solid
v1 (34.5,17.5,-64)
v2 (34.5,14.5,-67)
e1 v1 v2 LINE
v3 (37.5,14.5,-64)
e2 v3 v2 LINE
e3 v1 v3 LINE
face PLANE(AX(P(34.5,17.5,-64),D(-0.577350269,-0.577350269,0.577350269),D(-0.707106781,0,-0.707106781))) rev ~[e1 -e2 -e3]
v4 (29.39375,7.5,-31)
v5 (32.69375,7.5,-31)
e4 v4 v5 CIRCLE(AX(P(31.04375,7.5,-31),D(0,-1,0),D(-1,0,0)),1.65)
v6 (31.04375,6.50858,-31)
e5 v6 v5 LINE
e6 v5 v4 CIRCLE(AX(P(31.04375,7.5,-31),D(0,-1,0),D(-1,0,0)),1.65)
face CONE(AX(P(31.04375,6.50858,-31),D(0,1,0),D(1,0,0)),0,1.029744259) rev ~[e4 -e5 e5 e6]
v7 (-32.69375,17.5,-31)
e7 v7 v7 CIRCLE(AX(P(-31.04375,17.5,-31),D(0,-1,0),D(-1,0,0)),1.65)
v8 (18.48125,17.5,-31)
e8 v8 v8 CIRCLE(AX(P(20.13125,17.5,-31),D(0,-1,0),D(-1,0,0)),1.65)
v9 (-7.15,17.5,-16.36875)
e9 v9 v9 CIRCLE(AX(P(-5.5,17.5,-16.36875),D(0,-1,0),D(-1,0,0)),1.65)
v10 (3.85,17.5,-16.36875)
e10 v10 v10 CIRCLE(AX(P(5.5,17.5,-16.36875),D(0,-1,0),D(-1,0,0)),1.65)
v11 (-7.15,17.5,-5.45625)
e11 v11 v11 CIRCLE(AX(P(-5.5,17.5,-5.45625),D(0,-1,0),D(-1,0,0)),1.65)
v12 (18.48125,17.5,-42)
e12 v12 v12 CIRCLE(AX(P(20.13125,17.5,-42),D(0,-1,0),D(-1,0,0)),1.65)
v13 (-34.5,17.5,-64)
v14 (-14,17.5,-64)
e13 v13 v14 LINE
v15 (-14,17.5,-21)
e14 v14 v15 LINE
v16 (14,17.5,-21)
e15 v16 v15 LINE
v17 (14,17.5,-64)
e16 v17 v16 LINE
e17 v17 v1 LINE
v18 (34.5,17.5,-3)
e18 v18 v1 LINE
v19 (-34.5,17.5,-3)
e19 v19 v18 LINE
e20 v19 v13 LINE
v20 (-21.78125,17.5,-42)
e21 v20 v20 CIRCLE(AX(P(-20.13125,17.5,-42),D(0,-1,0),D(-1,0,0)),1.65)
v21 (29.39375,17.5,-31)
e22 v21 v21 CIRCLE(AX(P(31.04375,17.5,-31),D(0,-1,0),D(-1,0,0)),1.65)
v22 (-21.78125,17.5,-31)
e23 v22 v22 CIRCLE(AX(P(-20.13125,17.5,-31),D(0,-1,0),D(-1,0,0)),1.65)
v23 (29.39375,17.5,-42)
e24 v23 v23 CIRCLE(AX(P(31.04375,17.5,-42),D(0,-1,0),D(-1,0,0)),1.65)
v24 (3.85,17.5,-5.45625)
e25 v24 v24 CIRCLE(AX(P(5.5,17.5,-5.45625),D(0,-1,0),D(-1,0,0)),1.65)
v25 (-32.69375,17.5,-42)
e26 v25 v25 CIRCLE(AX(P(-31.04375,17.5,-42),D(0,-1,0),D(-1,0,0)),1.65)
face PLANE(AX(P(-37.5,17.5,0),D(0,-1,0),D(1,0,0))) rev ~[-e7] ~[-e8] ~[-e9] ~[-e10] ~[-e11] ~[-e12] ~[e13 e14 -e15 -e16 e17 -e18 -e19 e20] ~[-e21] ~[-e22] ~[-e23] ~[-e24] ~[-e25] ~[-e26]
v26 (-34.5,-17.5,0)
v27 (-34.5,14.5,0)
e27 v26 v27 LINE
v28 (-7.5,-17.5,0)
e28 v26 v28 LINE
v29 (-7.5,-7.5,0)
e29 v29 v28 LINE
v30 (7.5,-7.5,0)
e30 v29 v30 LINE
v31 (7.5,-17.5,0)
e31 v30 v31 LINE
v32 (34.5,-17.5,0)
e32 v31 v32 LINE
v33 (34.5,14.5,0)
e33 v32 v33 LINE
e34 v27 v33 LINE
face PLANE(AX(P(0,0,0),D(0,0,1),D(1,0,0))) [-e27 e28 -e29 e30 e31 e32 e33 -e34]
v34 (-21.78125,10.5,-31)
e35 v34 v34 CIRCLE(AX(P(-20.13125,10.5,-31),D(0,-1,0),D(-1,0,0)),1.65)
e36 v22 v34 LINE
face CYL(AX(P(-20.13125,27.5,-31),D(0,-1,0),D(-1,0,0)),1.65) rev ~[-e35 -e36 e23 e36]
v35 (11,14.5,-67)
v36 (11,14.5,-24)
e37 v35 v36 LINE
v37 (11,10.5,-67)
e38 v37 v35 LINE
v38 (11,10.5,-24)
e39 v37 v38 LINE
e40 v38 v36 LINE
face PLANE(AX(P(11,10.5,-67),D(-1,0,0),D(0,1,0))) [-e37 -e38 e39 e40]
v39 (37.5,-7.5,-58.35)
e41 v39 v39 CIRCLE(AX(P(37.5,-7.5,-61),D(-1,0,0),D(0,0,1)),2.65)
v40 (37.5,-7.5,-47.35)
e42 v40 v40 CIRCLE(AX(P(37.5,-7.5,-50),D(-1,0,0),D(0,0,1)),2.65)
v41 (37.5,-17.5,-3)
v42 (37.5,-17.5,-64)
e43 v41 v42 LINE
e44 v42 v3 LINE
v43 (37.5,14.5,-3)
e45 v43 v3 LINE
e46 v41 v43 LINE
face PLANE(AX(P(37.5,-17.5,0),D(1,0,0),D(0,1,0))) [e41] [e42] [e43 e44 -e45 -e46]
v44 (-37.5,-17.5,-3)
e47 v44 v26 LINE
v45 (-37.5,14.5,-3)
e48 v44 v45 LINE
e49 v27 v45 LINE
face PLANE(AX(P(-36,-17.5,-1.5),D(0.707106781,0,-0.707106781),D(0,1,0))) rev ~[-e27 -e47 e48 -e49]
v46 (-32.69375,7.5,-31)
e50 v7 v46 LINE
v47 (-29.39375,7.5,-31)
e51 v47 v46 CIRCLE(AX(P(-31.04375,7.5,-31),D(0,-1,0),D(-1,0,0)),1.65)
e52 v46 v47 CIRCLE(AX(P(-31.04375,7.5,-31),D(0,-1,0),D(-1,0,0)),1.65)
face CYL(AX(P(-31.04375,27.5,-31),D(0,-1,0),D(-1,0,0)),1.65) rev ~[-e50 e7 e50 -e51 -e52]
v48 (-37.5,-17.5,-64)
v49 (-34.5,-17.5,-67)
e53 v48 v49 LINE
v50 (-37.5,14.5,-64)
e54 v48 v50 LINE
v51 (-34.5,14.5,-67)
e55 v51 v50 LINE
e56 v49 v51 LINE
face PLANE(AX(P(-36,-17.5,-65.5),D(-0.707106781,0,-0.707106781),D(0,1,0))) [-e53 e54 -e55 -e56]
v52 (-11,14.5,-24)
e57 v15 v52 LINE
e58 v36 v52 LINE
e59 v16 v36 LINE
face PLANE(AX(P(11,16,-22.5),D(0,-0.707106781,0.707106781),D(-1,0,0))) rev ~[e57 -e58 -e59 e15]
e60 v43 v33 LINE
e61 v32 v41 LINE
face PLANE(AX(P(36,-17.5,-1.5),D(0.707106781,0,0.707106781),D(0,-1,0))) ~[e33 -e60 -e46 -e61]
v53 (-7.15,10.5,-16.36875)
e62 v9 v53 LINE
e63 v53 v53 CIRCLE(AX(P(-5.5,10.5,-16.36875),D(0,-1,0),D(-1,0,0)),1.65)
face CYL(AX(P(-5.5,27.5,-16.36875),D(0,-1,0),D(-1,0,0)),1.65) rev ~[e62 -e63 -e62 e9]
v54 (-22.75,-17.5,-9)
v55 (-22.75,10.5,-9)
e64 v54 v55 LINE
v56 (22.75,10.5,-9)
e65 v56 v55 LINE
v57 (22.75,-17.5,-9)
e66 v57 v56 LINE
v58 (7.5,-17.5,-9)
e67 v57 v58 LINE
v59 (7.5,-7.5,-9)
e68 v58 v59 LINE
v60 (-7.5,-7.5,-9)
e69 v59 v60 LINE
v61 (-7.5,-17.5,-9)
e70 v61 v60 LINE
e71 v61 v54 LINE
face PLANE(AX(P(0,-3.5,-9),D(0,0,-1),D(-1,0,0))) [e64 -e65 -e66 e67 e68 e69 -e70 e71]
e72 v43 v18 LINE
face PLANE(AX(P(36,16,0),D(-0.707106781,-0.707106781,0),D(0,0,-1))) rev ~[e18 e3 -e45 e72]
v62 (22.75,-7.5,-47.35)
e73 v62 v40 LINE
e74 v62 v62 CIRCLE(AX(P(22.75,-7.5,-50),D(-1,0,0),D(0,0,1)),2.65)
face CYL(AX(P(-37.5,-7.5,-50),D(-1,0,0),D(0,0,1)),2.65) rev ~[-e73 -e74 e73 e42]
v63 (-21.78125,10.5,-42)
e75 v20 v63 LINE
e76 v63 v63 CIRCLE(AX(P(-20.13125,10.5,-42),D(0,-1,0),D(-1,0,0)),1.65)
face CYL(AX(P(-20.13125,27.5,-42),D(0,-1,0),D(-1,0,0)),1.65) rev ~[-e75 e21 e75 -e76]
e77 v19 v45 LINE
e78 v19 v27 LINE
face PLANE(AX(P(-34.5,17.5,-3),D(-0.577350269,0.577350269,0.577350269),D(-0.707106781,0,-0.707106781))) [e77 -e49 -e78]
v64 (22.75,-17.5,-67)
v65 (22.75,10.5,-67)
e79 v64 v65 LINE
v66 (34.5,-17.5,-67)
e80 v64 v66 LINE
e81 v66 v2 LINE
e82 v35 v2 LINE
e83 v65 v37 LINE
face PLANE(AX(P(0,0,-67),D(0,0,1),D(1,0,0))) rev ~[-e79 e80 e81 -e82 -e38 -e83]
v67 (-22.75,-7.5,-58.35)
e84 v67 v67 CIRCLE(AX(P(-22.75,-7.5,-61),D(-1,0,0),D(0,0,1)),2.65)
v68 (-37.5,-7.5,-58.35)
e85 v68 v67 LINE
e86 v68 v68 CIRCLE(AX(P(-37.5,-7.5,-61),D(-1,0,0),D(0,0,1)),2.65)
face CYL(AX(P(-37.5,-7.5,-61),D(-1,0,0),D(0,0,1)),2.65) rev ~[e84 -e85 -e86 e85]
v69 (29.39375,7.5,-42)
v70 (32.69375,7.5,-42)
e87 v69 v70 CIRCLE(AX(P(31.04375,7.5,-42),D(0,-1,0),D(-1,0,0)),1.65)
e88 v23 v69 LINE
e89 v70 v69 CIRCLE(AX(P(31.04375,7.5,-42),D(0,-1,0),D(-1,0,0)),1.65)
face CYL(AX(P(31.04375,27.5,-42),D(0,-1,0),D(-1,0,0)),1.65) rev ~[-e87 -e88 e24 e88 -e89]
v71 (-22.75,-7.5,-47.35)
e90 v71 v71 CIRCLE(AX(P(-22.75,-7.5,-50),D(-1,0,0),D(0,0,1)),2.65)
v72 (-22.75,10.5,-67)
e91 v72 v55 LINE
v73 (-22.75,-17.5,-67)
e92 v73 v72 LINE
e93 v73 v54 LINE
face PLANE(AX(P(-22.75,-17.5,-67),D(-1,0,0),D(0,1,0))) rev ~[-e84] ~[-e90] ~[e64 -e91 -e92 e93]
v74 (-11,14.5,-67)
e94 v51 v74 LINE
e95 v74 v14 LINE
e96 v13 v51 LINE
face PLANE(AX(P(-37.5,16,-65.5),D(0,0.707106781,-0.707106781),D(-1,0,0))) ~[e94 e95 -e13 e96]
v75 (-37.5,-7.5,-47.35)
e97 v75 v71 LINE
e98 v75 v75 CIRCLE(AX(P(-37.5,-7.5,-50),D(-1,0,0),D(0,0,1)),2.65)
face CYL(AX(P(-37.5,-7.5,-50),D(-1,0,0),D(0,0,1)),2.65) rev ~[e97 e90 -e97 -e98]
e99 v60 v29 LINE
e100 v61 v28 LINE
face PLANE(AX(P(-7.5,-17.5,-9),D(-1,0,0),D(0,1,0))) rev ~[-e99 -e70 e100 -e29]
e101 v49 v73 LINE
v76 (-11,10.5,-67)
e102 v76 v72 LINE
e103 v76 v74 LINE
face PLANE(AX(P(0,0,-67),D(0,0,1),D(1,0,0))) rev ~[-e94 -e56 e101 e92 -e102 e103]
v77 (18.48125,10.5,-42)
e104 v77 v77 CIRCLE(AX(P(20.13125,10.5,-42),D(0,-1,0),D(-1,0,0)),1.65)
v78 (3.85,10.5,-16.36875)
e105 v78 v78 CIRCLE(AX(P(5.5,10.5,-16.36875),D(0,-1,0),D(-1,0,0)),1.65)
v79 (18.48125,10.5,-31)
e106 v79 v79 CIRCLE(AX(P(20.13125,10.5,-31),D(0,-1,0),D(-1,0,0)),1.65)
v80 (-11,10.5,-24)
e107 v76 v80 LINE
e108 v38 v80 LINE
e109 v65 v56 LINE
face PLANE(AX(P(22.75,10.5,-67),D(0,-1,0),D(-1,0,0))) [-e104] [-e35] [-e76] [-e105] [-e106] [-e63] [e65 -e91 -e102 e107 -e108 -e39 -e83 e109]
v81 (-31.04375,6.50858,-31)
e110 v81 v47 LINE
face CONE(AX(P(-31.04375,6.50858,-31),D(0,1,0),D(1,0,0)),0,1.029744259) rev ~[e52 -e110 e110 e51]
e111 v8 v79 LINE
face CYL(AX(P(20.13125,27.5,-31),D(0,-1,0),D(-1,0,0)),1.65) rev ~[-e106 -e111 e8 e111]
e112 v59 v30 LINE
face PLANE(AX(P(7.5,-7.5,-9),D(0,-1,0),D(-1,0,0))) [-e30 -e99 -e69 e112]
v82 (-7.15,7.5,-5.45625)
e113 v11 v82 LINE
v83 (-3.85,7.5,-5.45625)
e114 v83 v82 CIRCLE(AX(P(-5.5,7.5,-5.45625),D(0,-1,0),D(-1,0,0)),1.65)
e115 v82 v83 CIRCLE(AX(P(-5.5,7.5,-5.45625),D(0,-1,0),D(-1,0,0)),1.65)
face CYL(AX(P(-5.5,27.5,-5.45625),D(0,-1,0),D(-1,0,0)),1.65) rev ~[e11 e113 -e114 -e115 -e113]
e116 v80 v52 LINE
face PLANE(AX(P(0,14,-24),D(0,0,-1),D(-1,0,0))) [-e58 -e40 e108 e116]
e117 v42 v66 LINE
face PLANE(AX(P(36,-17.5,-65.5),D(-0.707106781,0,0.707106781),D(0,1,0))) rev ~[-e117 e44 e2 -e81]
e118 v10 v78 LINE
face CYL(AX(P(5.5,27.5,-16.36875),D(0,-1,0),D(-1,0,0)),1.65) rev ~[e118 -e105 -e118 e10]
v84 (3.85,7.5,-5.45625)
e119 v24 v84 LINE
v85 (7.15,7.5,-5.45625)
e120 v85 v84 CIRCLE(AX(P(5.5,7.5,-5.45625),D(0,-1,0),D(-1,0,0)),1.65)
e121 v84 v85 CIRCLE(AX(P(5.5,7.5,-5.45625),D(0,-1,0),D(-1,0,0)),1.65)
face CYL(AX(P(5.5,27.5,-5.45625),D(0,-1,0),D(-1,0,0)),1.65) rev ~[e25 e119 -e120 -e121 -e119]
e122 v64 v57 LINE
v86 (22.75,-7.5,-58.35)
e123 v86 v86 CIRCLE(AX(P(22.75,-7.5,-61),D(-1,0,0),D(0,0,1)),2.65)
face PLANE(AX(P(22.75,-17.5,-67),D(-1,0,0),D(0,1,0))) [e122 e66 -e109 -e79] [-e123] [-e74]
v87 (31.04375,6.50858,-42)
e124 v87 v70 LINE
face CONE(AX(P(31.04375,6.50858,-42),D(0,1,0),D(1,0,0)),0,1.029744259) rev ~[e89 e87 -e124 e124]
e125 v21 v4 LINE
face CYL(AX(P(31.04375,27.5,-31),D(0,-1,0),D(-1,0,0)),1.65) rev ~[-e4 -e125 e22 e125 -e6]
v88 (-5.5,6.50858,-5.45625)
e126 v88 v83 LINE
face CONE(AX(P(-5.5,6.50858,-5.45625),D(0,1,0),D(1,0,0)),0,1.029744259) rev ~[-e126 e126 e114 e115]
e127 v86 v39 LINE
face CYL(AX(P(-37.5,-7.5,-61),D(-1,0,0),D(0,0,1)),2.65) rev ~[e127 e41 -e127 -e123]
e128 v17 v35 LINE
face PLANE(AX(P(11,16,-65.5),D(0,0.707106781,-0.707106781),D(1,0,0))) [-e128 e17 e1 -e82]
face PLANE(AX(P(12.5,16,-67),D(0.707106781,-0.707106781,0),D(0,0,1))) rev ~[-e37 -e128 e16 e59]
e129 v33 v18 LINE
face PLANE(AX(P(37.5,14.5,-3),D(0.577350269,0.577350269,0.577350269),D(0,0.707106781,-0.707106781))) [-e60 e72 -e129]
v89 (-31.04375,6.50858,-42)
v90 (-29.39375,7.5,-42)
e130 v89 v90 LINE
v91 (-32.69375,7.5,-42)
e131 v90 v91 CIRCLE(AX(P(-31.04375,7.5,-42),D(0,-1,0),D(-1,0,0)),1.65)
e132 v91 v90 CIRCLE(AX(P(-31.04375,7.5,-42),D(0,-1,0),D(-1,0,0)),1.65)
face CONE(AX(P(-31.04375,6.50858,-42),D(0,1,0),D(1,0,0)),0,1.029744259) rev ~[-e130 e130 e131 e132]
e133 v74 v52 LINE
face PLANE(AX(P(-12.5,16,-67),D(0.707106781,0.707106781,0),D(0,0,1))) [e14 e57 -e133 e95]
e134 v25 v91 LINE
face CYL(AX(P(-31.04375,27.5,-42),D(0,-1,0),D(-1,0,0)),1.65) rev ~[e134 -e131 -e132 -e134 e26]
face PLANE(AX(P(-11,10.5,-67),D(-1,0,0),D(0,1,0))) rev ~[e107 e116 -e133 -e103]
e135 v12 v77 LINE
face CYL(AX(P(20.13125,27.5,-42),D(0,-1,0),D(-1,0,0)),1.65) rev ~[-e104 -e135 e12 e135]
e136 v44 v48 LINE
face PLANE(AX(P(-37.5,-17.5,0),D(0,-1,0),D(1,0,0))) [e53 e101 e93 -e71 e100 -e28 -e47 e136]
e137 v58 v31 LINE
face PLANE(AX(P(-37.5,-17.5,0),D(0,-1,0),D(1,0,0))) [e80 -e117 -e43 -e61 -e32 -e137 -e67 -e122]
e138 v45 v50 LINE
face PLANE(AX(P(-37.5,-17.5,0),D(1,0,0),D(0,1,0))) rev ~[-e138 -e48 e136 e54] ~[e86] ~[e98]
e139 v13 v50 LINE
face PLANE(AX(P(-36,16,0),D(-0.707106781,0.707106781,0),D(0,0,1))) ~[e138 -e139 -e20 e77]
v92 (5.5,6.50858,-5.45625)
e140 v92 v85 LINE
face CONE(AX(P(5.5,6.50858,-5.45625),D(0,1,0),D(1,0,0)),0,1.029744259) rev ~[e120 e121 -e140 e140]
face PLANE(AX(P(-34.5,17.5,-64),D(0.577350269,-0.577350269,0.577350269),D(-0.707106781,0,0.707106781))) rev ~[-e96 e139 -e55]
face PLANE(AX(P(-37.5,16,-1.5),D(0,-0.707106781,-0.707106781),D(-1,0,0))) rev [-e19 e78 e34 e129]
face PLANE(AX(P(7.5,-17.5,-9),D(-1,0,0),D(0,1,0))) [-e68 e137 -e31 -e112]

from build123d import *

# Parameters (mm, degrees)
SKETCH1_W                 = 75
SKETCH1_H                 = 35
BOSS_EXTRUDE1_DEPTH       = 67
SKETCH2_W                 = 45.5
SKETCH2_H                 = 28
CUT_EXTRUDE1_DEPTH        = 58
SKETCH4_W                 = 15
SKETCH4_H                 = 10
CUT_EXTRUDE2_DEPTH        = 72.249561402
SKETCH5_W                 = 22
SKETCH5_H                 = 7
CUT_EXTRUDE3_DEPTH        = 43
F_3_0MM_DOWEL_HOLE1_D     = 3.3
F_3_0MM_DOWEL_HOLE1_DEPTH = 10
F_3_0MM_DOWEL_HOLE1_TIP   = 0.991420021
SKETCH8_R                 = 2.65
CUT_EXTRUDE4_DEPTH        = 103.079625783
CHAMFER1_SIZE             = 3


with BuildPart() as part:
    # Sketch1 → Boss-Extrude1 (new body)
    with BuildSketch(Plane.XY):
        Rectangle(SKETCH1_W, SKETCH1_H)
    extrude(amount=-BOSS_EXTRUDE1_DEPTH)

    # Sketch2 → Cut-Extrude1 (cut)
    with BuildSketch(Plane(origin=(0, 0, -67), x_dir=(-1, 0, 0), z_dir=(0, 0, -1))):
        with Locations((0, -3.5)):
            Rectangle(SKETCH2_W, SKETCH2_H)
    extrude(amount=-CUT_EXTRUDE1_DEPTH, mode=Mode.SUBTRACT)

    # Sketch4 → Cut-Extrude2 (cut, through all)
    with BuildSketch(Plane(origin=(0, 0, -9), x_dir=(-1, 0, 0), z_dir=(0, 0, -1))):
        with Locations((0, -12.5)):
            Rectangle(SKETCH4_W, SKETCH4_H)
    extrude(amount=-CUT_EXTRUDE2_DEPTH, mode=Mode.SUBTRACT)

    # Sketch5 → Cut-Extrude3 (cut)
    with BuildSketch(Plane(origin=(0, 0, -67), x_dir=(-1, 0, 0), z_dir=(0, 0, -1))):
        with Locations((0, 14)):
            Rectangle(SKETCH5_W, SKETCH5_H)
    extrude(amount=-CUT_EXTRUDE3_DEPTH, mode=Mode.SUBTRACT)

    # 3.0mm Dowel Hole1
    with Locations(Plane(origin=(0, 17.5, 0), x_dir=(1, 0, 0), z_dir=(0, 1, 0))):
        with Locations((-31.04375, 31), (-31.04375, 42), (-20.13125, 42), (-20.13125, 31), (-5.5, 16.36875), (5.5, 16.36875), (-5.5, 5.45625), (5.5, 5.45625), (31.04375, 42), (20.13125, 42), (31.04375, 31), (20.13125, 31)):
            Hole(F_3_0MM_DOWEL_HOLE1_D / 2, depth=F_3_0MM_DOWEL_HOLE1_DEPTH)
            with Locations((0, 0, -(F_3_0MM_DOWEL_HOLE1_DEPTH + F_3_0MM_DOWEL_HOLE1_TIP / 2))):  # 118° drill point
                Cone(0, F_3_0MM_DOWEL_HOLE1_D / 2, F_3_0MM_DOWEL_HOLE1_TIP, mode=Mode.SUBTRACT)

    # Sketch8 → Cut-Extrude4 (cut, through all)
    with BuildSketch(Plane.ZY.offset(37.5)):
        with Locations((-61, -7.5)):
            Circle(SKETCH8_R)
        with Locations((-50, -7.5)):
            Circle(SKETCH8_R)
    extrude(amount=-CUT_EXTRUDE4_DEPTH, mode=Mode.SUBTRACT)

    # Chamfer1
    chamfer1_edges = [part.edges().sort_by_distance(p)[0] for p in [
        (-37.5, 0, -67),
        (-24.25, 17.5, -67),
        (0, 17.5, -24),
        (11, 17.5, -45.5),
        (37.5, 0, -67),
        (-11, 17.5, -45.5),
        (-37.5, 0, 0),
        (0, 17.5, 0),
        (37.5, 0, 0),
        (-37.5, 17.5, -33.5),
        (37.5, 17.5, -33.5),
        (24.25, 17.5, -67),
    ]]
    chamfer(chamfer1_edges, length=CHAMFER1_SIZE)


solid = part.part
